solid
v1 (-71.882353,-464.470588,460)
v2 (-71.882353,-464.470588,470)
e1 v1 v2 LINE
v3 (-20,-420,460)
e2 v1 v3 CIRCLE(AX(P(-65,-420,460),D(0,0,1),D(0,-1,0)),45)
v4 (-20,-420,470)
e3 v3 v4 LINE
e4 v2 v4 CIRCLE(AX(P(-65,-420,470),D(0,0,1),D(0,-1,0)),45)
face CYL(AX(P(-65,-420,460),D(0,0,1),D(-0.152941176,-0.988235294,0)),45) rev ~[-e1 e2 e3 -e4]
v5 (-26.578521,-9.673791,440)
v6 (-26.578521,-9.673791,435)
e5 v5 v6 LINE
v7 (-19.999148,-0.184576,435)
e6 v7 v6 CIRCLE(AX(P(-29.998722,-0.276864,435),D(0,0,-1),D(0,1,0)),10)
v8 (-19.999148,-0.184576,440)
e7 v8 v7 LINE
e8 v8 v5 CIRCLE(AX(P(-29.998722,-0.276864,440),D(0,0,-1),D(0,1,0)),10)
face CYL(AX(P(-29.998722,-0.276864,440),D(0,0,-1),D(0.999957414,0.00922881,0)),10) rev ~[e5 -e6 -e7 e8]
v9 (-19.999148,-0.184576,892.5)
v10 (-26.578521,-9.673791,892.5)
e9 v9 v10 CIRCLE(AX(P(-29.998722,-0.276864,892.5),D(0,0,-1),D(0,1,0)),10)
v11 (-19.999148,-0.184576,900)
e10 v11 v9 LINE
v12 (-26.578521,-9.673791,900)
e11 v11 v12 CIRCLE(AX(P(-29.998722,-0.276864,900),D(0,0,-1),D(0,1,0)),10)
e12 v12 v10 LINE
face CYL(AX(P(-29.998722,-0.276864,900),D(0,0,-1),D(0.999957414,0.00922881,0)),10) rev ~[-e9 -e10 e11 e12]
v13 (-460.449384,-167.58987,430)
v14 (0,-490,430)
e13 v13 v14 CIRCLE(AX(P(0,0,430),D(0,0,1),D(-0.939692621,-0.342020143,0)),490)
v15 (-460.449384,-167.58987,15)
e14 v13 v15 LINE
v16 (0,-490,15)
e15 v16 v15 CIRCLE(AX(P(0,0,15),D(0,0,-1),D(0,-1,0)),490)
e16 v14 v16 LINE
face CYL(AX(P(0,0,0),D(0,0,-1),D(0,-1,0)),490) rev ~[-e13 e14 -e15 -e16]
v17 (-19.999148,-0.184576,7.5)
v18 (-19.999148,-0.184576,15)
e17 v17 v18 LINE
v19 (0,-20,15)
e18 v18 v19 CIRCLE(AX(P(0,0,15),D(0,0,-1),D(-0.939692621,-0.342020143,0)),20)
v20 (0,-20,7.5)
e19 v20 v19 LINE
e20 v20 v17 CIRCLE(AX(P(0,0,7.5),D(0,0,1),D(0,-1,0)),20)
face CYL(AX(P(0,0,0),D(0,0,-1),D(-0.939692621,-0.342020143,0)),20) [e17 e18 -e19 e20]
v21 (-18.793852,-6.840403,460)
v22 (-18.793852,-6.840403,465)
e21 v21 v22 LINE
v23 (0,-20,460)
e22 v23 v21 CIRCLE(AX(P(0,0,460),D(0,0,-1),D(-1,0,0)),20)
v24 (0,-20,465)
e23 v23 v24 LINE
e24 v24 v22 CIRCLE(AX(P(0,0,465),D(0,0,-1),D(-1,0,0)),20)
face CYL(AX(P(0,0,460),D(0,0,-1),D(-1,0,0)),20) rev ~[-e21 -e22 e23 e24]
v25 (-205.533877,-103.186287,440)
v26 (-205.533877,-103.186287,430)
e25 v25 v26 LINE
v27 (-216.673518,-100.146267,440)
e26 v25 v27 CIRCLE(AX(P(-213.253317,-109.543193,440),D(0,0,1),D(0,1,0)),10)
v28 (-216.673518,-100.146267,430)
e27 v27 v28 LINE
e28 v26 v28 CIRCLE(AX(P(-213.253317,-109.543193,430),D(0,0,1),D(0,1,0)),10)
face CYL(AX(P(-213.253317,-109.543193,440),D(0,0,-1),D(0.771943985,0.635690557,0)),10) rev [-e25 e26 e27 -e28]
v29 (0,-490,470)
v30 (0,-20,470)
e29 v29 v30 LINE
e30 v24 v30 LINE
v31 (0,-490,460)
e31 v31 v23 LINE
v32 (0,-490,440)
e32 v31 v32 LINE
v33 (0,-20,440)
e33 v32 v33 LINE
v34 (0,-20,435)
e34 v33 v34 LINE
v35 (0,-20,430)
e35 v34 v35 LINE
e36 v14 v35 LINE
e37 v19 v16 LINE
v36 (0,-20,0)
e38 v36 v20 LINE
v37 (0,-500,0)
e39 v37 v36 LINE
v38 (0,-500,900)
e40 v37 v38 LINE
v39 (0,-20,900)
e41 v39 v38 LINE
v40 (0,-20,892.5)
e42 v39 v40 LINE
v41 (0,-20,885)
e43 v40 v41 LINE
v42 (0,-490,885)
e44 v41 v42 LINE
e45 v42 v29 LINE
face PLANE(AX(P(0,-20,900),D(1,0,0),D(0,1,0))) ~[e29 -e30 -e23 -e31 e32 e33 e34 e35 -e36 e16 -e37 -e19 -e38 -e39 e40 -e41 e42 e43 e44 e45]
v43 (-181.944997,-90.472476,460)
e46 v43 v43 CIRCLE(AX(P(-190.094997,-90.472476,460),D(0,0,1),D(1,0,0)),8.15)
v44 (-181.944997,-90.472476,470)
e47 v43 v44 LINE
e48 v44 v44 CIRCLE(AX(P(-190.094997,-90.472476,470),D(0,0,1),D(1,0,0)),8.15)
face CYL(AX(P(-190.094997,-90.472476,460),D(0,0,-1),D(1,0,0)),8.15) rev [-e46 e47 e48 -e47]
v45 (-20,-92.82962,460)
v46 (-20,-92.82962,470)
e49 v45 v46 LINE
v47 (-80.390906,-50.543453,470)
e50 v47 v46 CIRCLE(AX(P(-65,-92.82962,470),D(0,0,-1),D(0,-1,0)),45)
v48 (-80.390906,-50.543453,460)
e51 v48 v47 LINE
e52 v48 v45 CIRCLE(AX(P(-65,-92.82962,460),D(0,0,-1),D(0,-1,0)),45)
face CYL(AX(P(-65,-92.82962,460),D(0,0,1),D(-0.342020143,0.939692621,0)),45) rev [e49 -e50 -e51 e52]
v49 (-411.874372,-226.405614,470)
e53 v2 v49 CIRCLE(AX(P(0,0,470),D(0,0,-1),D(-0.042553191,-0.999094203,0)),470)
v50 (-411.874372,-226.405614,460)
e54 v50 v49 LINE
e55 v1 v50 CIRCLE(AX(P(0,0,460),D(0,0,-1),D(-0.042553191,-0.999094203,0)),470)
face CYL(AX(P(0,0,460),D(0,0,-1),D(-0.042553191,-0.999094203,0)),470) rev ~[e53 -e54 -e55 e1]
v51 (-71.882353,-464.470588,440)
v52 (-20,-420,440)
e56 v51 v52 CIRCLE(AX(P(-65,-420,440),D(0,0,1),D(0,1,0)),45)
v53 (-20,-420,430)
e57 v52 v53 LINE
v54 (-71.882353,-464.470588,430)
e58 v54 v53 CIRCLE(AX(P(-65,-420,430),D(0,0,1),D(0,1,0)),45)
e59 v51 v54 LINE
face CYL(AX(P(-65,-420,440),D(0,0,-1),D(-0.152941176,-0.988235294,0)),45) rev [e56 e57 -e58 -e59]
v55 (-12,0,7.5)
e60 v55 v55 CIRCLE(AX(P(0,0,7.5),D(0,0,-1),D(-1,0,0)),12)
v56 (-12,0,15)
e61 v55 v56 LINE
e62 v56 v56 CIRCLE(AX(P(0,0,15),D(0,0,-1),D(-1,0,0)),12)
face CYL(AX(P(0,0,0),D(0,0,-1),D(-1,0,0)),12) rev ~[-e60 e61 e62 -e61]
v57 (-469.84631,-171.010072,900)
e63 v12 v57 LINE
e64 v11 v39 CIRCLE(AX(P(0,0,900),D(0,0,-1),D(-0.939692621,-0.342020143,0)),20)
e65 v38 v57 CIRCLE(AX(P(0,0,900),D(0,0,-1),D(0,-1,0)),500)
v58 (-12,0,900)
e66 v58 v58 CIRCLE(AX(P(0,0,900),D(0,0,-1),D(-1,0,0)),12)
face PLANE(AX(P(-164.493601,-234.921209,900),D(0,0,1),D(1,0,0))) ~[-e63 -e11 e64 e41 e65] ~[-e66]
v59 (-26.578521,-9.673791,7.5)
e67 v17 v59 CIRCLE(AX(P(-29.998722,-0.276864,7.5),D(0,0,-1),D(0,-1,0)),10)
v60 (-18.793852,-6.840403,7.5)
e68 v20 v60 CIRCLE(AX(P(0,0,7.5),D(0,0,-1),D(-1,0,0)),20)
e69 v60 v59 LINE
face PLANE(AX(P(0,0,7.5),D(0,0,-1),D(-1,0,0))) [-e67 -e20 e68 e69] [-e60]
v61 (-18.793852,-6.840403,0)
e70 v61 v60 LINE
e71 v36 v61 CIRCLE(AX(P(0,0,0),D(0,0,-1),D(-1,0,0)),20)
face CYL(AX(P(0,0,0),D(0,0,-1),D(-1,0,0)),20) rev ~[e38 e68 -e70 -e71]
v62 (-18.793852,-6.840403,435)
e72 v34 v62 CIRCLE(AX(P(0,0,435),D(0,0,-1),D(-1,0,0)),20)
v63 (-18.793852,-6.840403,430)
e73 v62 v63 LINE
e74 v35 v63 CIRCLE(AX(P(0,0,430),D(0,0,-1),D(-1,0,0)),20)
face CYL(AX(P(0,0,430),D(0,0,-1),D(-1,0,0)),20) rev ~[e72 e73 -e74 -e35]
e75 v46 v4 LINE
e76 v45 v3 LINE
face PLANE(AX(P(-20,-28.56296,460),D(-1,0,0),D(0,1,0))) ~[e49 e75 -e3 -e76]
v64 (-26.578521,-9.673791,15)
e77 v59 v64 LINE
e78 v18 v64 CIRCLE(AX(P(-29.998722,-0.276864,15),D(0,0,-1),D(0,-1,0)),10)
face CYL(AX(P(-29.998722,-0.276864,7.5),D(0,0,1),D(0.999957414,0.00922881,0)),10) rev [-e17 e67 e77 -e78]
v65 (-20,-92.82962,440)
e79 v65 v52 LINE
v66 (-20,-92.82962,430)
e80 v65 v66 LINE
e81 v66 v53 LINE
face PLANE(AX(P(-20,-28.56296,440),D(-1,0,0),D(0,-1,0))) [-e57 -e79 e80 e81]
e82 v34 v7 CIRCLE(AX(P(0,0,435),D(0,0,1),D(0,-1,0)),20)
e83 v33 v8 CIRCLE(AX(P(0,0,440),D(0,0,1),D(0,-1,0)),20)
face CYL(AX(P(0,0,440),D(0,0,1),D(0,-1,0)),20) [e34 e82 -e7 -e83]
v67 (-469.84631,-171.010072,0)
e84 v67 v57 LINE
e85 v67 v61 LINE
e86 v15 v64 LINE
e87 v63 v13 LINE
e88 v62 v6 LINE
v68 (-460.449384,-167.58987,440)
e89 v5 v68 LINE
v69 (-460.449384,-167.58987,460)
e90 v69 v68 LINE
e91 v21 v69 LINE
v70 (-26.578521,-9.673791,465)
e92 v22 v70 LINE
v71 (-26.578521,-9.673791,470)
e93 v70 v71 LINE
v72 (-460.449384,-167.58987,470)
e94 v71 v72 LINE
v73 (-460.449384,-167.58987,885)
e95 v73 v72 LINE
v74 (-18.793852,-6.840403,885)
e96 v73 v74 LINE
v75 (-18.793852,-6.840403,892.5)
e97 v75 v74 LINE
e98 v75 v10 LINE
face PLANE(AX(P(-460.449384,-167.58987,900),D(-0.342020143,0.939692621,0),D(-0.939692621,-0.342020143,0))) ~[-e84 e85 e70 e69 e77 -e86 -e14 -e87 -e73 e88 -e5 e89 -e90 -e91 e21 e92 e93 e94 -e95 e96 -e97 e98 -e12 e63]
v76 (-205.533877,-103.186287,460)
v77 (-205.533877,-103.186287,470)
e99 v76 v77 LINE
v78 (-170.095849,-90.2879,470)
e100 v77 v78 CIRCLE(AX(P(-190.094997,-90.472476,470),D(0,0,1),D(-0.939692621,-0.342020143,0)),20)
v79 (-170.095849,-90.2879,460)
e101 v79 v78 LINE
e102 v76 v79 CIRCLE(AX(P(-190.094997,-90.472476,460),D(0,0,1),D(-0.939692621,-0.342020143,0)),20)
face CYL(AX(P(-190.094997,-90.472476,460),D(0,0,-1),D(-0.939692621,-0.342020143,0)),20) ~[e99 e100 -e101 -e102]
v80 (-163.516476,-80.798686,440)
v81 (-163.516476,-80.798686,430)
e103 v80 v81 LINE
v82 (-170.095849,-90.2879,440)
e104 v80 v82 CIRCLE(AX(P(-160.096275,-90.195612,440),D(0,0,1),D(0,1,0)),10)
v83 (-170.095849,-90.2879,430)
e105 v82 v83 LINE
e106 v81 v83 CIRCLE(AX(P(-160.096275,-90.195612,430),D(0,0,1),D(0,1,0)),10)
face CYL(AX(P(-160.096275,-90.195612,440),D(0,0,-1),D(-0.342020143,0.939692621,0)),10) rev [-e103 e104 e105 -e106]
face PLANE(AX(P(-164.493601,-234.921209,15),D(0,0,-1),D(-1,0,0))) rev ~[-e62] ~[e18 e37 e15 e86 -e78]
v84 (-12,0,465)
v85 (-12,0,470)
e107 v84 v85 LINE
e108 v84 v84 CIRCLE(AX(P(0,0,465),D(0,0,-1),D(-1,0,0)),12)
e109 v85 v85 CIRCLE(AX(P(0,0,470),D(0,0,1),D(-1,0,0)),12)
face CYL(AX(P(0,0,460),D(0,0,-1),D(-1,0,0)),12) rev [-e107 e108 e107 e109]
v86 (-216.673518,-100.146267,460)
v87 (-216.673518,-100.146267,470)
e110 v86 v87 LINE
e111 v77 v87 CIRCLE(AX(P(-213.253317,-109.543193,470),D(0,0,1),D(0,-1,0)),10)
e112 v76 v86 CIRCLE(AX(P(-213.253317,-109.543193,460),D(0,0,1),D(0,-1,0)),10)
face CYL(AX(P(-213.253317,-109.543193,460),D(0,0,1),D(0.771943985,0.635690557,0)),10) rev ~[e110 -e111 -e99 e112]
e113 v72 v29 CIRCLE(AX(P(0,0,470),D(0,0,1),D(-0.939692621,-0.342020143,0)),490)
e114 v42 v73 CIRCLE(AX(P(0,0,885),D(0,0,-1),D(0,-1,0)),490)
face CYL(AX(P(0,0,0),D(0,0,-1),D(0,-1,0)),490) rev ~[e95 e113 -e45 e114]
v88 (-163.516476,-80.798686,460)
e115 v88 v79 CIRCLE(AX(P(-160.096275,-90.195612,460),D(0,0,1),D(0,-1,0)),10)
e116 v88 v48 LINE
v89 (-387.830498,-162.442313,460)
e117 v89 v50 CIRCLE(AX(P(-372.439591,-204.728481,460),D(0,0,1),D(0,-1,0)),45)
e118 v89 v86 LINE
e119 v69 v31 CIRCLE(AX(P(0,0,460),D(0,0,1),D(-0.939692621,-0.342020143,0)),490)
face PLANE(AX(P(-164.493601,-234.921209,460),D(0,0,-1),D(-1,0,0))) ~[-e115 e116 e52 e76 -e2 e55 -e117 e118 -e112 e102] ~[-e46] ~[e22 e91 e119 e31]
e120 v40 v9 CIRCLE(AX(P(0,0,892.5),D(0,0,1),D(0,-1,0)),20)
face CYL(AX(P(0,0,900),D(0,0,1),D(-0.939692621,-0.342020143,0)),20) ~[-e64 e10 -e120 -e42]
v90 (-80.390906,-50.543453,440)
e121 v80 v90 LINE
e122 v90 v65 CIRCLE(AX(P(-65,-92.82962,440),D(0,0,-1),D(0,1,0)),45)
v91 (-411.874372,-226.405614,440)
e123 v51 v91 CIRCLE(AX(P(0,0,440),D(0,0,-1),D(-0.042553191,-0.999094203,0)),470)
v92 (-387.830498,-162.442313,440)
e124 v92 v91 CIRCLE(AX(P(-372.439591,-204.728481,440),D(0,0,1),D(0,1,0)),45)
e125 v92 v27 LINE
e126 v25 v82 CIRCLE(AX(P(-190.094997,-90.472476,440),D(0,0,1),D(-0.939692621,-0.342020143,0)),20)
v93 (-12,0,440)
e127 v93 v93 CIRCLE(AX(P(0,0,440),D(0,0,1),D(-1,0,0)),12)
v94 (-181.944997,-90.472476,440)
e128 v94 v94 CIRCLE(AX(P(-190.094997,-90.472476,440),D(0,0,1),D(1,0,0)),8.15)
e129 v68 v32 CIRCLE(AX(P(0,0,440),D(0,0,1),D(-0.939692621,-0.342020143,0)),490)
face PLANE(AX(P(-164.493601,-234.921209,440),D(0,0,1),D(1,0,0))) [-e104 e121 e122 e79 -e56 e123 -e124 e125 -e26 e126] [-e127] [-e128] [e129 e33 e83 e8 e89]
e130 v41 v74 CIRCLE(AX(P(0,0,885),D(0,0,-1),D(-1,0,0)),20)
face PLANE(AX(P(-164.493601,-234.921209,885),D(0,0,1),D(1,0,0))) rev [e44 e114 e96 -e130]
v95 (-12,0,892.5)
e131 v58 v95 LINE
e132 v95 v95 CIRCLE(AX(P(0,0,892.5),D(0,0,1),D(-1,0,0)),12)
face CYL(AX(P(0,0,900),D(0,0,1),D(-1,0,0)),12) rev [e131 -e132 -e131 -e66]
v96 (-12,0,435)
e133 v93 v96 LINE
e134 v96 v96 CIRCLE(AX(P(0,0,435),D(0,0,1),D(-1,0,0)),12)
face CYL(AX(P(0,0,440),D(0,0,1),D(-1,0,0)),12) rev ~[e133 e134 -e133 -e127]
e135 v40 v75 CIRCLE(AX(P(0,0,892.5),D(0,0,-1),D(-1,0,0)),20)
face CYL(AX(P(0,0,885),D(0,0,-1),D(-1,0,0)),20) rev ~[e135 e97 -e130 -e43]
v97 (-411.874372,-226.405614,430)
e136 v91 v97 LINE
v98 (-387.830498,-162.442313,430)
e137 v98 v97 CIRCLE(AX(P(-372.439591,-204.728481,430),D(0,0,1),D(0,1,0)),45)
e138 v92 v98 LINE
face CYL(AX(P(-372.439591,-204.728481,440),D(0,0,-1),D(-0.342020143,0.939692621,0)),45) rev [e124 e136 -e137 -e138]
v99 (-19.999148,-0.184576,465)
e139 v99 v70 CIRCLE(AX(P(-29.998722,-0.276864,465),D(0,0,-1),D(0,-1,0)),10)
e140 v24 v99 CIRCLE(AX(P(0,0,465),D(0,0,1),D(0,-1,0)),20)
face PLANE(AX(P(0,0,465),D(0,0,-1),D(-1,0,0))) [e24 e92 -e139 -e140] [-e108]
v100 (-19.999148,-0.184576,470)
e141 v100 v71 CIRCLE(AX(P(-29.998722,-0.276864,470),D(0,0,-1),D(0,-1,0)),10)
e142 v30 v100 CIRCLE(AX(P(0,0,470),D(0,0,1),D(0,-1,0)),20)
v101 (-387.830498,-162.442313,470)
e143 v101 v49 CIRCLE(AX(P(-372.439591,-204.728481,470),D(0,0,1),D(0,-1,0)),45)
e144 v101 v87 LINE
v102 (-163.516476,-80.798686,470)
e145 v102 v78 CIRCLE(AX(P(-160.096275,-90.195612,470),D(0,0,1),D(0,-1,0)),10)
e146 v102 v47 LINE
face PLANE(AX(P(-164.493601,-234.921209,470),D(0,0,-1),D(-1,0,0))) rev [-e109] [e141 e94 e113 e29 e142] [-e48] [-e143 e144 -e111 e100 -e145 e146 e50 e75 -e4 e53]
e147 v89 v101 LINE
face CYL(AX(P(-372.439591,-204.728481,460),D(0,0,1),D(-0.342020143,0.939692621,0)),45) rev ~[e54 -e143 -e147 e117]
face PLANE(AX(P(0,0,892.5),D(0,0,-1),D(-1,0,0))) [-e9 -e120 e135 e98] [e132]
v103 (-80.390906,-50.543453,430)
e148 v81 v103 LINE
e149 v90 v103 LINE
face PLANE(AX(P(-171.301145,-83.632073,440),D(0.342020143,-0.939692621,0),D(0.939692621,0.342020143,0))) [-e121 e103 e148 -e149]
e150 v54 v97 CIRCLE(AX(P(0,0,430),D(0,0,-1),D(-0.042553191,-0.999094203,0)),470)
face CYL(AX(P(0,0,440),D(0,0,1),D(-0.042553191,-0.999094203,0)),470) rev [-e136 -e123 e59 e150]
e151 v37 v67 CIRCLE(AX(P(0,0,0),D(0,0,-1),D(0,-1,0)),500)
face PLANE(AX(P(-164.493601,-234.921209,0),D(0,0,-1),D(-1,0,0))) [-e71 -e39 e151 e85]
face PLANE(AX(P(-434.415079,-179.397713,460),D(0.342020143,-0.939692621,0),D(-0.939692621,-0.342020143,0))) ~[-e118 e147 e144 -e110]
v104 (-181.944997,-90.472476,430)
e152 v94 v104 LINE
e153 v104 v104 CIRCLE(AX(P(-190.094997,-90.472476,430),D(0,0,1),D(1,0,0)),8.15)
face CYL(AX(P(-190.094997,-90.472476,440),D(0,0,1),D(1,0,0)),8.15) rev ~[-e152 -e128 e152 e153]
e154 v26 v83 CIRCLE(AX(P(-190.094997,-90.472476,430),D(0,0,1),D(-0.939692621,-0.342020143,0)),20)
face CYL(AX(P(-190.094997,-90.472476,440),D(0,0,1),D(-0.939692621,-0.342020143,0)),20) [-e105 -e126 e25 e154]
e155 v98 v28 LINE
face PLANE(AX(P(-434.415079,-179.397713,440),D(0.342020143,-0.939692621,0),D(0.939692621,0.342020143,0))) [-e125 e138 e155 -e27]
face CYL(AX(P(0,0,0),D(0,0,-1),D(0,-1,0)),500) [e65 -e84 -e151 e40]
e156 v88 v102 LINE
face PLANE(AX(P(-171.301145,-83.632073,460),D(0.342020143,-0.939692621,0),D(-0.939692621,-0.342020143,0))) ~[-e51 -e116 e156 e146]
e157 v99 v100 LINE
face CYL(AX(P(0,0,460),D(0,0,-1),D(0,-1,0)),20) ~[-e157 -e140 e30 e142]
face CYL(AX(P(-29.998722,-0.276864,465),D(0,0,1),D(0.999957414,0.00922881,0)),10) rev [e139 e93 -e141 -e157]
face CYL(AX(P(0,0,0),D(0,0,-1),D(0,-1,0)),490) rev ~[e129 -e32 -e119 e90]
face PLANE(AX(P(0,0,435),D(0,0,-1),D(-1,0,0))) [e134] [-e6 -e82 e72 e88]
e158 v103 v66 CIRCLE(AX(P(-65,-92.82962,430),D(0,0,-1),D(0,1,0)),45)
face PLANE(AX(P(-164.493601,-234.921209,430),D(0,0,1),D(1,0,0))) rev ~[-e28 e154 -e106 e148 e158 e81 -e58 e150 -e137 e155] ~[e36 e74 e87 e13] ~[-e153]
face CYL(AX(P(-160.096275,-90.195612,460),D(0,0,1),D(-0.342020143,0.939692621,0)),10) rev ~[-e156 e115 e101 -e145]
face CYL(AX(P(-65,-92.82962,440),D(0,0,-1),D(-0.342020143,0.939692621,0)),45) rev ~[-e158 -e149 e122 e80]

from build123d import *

# Parameters (mm, degrees)
DODANIE_WYCI_GNI_CIE1_DEPTH = 900
SKORUPA1_T                  = -10
SZKIC4_R                    = 12
DODANIE_WYCI_GNI_CIE3_DEPTH = 15
SZKIC6_R                    = 12
SZKIC6_R_2                  = 8.15
DODANIE_WYCI_GNI_CIE4_DEPTH = 10
ZAOKR_GLENIE3_R             = 45
SZKIC8_R                    = 20
WYTNIJ_WYCI_GNI_CIE1_DEPTH  = 7.5
SZKIC11_R                   = 20
WYTNIJ_WYCI_GNI_CIE2_DEPTH  = 5
SZKIC12_R                   = 20
WYTNIJ_WYCI_GNI_CIE3_DEPTH  = 5
SZKIC13_R                   = 20
WYTNIJ_WYCI_GNI_CIE4_DEPTH  = 7.5
ZAOKR_GLENIE4_R             = 10
ZAOKR_GLENIE5_R             = 10


with BuildPart() as part:
    # Szkic1 → Dodanie-wyciągnięcie1 (new body)
    with BuildSketch(Plane.XY):
        with BuildLine():
            Line((-469.846310393, -171.010071663), (0, 0))
            Line((0, 0), (0, -500))
            ThreePointArc((0, -500), (-286.788218176, -409.576022144), (-469.846310393, -171.010071663))
        make_face()
    extrude(amount=DODANIE_WYCI_GNI_CIE1_DEPTH)

    # Skorupa1
    skorupa1_openings = [part.faces().sort_by_distance(p)[0] for p in [
        (-179.521279962, -256.382958146, 900),
        (-179.521279962, -256.382958146, 0),
        (-234.923155196, -85.505035831, 450),
        (0, -250, 450),
    ]]
    offset(amount=SKORUPA1_T, openings=skorupa1_openings, kind=Kind.INTERSECTION)

    # Szkic4 → Dodanie-wyciągnięcie3 (add)
    with BuildSketch(Plane(origin=(0, 0, 0), x_dir=(-1, 0, 0), z_dir=(0, 0, -1))):
        with BuildLine():
            Line((0, -20), (0, -490))
            ThreePointArc((0, -490), (281.052453812, -401.384501702), (460.449384185, -167.58987023))
            Line((460.449384185, -167.58987023), (18.793852416, -6.840402867))
            ThreePointArc((18.793852416, -6.840402867), (-11.471528727, 16.383040886), (0, -20))
        make_face()
        Circle(SZKIC4_R, mode=Mode.SUBTRACT)
    dodanie_wyci_gni_cie3 = extrude(amount=-DODANIE_WYCI_GNI_CIE3_DEPTH)

    # Lustro1: Dodanie-wyciągnięcie3 across plane
    add(dodanie_wyci_gni_cie3.mirror(Plane.XY.offset(450)))

    # Szkic6 → Dodanie-wyciągnięcie4 (add)
    with BuildSketch(Plane.XY.offset(440)):
        with BuildLine():
            Line((-18.793852416, -6.840402867), (-460.449384185, -167.58987023))
            ThreePointArc((-460.449384185, -167.58987023), (-281.052453812, -401.384501702), (0, -490))
            Line((0, -490), (0, -20))
            ThreePointArc((0, -20), (11.471528727, 16.383040886), (-18.793852416, -6.840402867))
        make_face()
        with Locations(Location((0, 0, 0), (0, 0, 180))):
            Circle(SZKIC6_R, mode=Mode.SUBTRACT)
        with Locations((-190.094997116, -90.472476083)):
            Circle(SZKIC6_R_2, mode=Mode.SUBTRACT)
        with BuildLine():
            Line((-20, -28.562960135), (-20, -469.574275275))
            ThreePointArc((-20, -469.574275275), (-269.580925085, -385.001460816), (-434.41507852, -179.397713347))
            Line((-434.41507852, -179.397713347), (-208.888849532, -97.312878949))
            ThreePointArc((-208.888849532, -97.312878949), (-183.254594249, -109.266328498), (-171.3011447, -83.632073216))
            Line((-171.3011447, -83.632073216), (-20, -28.562960135))
        make_face(mode=Mode.SUBTRACT)
    dodanie_wyci_gni_cie4 = extrude(amount=-DODANIE_WYCI_GNI_CIE4_DEPTH)

    # Lustro6: Dodanie-wyciągnięcie4 across plane
    add(dodanie_wyci_gni_cie4.mirror(Plane.XY.offset(450)))

    # Zaokrąglenie3
    zaokr_glenie3_edges = [part.edges().sort_by_distance(p)[0] for p in [
        (-434.41507852, -179.397713347, 435),
        (-20, -28.562960135, 435),
        (-20, -469.574275275, 435),
        (-20, -469.574275275, 465),
        (-20, -28.562960135, 465),
        (-434.41507852, -179.397713347, 465),
    ]]
    fillet(zaokr_glenie3_edges, radius=ZAOKR_GLENIE3_R)

    # Szkic8 → Wytnij-wyciągnięcie1 (cut)
    with BuildSketch(Plane(origin=(0, 0, 0), x_dir=(-1, 0, 0), z_dir=(0, 0, -1))):
        Circle(SZKIC8_R)
    extrude(amount=-WYTNIJ_WYCI_GNI_CIE1_DEPTH, mode=Mode.SUBTRACT)

    # Szkic11 → Wytnij-wyciągnięcie2 (cut)
    with BuildSketch(Plane(origin=(0, 0, 430), x_dir=(-1, 0, 0), z_dir=(0, 0, -1))):
        Circle(SZKIC11_R)
    extrude(amount=-WYTNIJ_WYCI_GNI_CIE2_DEPTH, mode=Mode.SUBTRACT)

    # Szkic12 → Wytnij-wyciągnięcie3 (cut)
    with BuildSketch(Plane(origin=(0, 0, 460), x_dir=(-1, 0, 0), z_dir=(0, 0, -1))):
        Circle(SZKIC12_R)
    extrude(amount=-WYTNIJ_WYCI_GNI_CIE3_DEPTH, mode=Mode.SUBTRACT)

    # Szkic13 → Wytnij-wyciągnięcie4 (cut)
    with BuildSketch(Plane(origin=(0, 0, 885), x_dir=(-1, 0, 0), z_dir=(0, 0, -1))):
        Circle(SZKIC13_R)
    extrude(amount=-WYTNIJ_WYCI_GNI_CIE4_DEPTH, mode=Mode.SUBTRACT)

    # Zaokrąglenie4
    zaokr_glenie4_edges = [part.edges().sort_by_distance(p)[0] for p in [
        (-18.793852416, -6.840402867, 437.5),
        (-18.793852416, -6.840402867, 896.25),
        (-18.793852416, -6.840402867, 11.25),
        (-18.793852416, -6.840402867, 467.5),
    ]]
    fillet(zaokr_glenie4_edges, radius=ZAOKR_GLENIE4_R)

    # Zaokrąglenie5
    zaokr_glenie5_edges = [part.edges().sort_by_distance(p)[0] for p in [
        (-208.888849532, -97.312878949, 435),
        (-171.3011447, -83.632073216, 435),
        (-171.3011447, -83.632073216, 465),
        (-208.888849532, -97.312878949, 465),
    ]]
    fillet(zaokr_glenie5_edges, radius=ZAOKR_GLENIE5_R)


solid = part.part
